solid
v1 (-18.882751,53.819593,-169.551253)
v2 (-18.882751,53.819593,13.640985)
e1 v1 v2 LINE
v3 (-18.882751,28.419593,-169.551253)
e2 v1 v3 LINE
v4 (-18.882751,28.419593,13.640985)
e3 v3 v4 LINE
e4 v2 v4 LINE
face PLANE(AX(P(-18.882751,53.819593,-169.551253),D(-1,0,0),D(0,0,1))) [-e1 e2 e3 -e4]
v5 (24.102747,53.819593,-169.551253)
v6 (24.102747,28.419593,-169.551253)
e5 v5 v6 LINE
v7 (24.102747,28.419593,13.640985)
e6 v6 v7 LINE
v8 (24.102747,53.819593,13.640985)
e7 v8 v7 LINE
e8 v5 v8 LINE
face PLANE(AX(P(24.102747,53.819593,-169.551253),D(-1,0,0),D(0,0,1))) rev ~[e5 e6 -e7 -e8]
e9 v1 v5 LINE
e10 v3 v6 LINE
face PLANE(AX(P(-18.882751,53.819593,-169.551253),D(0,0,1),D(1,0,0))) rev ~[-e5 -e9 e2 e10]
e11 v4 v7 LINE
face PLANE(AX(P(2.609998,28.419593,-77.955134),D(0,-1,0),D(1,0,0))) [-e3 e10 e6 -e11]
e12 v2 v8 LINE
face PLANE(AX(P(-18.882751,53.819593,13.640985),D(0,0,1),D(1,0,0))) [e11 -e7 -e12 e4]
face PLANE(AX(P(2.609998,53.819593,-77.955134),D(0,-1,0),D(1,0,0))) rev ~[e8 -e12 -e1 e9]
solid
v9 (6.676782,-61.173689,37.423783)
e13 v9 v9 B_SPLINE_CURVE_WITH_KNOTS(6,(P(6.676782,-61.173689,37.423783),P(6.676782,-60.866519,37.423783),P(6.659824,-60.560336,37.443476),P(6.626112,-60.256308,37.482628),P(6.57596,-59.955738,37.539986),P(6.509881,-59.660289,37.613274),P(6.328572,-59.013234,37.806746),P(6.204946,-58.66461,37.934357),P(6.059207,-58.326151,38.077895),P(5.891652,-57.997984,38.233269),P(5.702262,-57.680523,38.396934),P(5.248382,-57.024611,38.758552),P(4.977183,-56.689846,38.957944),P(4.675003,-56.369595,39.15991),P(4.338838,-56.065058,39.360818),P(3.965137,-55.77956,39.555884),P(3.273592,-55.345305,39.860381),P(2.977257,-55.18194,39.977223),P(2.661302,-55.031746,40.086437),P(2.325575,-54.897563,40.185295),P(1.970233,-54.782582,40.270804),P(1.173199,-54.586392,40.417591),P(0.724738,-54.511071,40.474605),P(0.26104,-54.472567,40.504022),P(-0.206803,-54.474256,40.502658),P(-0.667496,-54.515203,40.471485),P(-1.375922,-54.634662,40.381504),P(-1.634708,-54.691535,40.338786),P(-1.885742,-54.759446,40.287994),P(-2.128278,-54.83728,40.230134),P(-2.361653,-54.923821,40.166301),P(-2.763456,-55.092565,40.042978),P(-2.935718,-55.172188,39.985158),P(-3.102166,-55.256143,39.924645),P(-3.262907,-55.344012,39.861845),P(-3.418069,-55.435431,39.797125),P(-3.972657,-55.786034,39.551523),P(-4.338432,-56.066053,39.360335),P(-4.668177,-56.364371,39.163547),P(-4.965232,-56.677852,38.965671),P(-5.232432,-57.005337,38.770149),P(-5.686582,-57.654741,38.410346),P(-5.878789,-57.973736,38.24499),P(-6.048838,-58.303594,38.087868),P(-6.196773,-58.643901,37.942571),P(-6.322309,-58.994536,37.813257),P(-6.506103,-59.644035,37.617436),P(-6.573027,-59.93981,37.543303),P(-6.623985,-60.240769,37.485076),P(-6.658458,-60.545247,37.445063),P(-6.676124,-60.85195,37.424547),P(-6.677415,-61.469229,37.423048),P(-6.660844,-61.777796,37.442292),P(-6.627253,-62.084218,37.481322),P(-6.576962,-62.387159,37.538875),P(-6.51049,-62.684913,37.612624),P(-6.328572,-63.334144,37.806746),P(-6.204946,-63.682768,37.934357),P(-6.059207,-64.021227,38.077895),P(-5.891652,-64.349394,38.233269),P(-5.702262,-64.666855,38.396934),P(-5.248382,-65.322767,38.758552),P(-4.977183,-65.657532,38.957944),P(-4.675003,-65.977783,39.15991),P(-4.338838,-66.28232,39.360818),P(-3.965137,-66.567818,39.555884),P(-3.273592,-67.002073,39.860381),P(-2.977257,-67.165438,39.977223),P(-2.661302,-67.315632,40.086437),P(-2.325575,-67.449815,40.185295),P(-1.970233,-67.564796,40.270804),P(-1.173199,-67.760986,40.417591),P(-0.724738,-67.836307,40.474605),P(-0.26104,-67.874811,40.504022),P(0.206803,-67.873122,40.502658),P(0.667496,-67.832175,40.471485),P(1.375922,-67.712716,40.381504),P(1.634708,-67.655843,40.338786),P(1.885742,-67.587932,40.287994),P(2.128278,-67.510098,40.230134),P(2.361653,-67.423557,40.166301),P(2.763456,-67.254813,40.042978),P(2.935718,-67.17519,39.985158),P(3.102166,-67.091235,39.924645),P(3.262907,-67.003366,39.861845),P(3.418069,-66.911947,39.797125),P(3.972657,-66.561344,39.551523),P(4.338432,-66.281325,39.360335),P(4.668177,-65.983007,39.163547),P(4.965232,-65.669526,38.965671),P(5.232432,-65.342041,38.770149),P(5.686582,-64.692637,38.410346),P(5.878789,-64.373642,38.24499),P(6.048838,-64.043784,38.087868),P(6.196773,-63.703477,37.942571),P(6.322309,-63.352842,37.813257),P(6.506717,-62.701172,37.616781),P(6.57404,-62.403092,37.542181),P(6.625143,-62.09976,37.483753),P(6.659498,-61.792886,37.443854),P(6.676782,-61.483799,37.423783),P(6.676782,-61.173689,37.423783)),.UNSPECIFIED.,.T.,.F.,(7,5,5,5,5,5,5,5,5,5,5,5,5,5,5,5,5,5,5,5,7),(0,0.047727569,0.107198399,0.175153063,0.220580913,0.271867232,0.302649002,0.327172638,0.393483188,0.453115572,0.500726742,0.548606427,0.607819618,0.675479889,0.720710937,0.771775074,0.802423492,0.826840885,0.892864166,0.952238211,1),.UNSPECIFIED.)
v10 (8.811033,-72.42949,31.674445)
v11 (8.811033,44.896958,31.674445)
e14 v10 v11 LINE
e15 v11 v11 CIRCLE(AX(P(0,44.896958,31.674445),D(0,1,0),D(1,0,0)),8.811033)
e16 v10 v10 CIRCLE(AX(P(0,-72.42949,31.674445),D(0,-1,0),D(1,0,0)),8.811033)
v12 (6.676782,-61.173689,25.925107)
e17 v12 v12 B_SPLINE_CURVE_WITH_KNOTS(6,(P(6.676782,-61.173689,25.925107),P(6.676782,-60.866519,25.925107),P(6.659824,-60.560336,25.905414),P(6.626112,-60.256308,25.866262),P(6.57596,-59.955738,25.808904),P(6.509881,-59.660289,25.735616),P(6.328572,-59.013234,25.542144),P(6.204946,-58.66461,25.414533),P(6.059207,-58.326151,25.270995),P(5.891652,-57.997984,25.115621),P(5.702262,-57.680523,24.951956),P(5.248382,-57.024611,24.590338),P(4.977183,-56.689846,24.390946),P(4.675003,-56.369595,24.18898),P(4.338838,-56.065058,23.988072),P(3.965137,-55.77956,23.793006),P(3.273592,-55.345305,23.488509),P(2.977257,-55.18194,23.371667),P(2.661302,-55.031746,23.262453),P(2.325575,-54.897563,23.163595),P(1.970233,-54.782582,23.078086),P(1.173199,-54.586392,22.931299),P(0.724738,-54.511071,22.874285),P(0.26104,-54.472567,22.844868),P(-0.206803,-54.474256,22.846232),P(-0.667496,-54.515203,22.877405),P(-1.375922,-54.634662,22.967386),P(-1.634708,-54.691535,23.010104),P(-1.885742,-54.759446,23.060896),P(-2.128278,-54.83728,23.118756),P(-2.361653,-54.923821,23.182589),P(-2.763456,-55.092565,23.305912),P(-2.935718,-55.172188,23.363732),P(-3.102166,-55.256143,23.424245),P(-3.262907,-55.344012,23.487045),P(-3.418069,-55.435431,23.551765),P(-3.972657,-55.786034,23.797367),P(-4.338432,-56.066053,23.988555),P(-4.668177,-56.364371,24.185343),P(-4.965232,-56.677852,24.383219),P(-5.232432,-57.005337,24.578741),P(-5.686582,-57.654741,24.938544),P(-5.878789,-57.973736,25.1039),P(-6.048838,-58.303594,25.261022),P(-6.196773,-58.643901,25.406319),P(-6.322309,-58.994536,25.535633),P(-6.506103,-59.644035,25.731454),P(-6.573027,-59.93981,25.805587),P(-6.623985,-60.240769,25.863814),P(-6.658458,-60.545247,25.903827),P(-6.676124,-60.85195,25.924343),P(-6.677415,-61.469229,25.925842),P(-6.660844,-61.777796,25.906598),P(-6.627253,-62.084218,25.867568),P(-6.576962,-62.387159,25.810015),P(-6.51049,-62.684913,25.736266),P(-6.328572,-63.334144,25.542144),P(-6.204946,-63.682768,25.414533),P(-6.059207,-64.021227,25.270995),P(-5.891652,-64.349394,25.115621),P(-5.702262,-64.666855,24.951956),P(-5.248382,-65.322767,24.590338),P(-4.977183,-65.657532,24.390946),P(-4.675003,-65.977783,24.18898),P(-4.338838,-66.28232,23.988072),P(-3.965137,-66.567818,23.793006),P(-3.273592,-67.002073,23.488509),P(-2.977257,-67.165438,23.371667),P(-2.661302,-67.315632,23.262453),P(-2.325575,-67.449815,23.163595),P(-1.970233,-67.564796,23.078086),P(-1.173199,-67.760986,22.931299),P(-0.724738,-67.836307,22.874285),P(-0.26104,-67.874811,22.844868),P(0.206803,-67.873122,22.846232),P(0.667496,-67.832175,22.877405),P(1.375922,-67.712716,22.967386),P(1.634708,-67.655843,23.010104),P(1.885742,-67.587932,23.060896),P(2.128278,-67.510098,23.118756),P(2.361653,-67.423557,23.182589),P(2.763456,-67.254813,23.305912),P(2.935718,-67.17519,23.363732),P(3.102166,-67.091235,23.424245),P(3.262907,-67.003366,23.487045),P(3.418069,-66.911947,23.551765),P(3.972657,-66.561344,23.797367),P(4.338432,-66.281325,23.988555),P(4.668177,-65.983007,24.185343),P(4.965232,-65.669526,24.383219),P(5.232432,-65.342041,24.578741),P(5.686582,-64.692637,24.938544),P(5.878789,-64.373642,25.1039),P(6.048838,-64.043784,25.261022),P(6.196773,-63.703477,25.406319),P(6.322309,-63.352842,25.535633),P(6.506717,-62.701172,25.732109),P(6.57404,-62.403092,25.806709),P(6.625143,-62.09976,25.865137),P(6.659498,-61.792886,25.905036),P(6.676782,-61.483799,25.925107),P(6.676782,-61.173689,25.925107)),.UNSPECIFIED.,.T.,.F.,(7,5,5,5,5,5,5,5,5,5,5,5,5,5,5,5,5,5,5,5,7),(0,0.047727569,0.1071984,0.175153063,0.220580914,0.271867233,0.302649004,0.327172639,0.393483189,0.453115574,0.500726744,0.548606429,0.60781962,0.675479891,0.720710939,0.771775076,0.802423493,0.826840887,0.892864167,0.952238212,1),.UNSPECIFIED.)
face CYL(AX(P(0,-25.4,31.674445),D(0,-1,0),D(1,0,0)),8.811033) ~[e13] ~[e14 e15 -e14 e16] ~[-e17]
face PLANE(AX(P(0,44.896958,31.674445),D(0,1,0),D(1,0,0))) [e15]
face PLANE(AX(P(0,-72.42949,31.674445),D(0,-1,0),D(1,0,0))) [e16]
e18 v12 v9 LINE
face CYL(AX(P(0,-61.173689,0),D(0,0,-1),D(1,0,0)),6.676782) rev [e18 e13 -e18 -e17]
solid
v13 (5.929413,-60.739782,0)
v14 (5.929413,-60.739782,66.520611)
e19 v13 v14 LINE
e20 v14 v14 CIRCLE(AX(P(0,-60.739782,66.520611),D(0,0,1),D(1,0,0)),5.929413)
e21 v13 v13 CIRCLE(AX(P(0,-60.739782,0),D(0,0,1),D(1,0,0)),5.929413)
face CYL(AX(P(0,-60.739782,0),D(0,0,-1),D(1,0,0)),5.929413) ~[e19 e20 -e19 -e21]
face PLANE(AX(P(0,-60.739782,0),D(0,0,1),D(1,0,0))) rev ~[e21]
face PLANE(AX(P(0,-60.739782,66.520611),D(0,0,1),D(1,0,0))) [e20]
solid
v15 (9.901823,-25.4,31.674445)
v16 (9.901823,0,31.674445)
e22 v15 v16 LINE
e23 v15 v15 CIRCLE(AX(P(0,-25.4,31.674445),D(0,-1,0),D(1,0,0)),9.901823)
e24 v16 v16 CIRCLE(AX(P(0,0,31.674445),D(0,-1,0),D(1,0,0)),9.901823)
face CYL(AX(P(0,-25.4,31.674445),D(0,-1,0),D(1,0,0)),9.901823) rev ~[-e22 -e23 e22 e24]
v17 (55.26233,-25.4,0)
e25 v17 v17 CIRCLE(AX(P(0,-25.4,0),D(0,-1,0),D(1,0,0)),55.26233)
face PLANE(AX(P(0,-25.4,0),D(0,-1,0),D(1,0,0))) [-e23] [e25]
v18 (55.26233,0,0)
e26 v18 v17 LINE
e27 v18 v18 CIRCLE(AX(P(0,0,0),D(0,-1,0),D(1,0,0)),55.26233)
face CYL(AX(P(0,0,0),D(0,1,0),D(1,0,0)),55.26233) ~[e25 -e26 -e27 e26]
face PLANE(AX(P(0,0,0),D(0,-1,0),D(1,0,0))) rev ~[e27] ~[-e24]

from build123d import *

# Parameters (mm, degrees)
F0_R      = 55.26233
F1_DEPTH  = 25.4
F2_R      = 9.901823
F3_DEPTH  = 116.448866
F4_R      = 8.811033
F5_DEPTH  = 47.02949
F5_FACE_R = 8.811033
F6_DEPTH  = 70.296958
F8_R      = 6.676782
F9_DEPTH  = 74.20806
F10_R     = 5.929413
F11_DEPTH = 66.520611
F13_W     = 42.985498
F13_H     = 183.192238
F14_DEPTH = 25.4


with BuildPart() as f1:
    # F0 (on Front) → F1 (new body)
    with BuildSketch(Plane.XZ):
        Circle(F0_R)
    extrude(amount=F1_DEPTH)

    # F2 (on face) → F3 (cut)
    with BuildSketch(Plane.XZ.offset(25.4)):
        with Locations((0, 31.674445)):
            Circle(F2_R)
    extrude(amount=-F3_DEPTH, mode=Mode.SUBTRACT)


with BuildPart() as f5:
    # F4 (on face) → F5 (new body)
    with BuildSketch(Plane.XZ.offset(25.4)):
        with Locations((0, 31.674445)):
            Circle(F4_R)
    extrude(amount=F5_DEPTH)

    # F5_face (on face) → F6 (join)
    with BuildSketch(Plane(origin=(0, -25.4, 31.674445), x_dir=(1, 0, 0), z_dir=(0, 1, 0))):
        Circle(F5_FACE_R)
    extrude(amount=F6_DEPTH)

    # F8 (on Top) → F9 (cut)
    with BuildSketch(Plane.XY):
        with Locations((0, -61.173689)):
            Circle(F8_R)
    extrude(amount=F9_DEPTH, mode=Mode.SUBTRACT)


with BuildPart() as f11:
    # F10 (on Top) → F11 (new body)
    with BuildSketch(Plane.XY):
        with Locations((0, -60.739782)):
            Circle(F10_R)
    extrude(amount=F11_DEPTH)


with BuildPart() as f14:
    # F13 (on plane+point) → F14 (new body)
    with BuildSketch(Plane.XZ.offset(-53.819593)):
        with Locations((2.609998, -77.955134)):
            Rectangle(F13_W, F13_H)
    extrude(amount=F14_DEPTH)


solid = Compound([f1.part, f5.part, f11.part, f14.part])
